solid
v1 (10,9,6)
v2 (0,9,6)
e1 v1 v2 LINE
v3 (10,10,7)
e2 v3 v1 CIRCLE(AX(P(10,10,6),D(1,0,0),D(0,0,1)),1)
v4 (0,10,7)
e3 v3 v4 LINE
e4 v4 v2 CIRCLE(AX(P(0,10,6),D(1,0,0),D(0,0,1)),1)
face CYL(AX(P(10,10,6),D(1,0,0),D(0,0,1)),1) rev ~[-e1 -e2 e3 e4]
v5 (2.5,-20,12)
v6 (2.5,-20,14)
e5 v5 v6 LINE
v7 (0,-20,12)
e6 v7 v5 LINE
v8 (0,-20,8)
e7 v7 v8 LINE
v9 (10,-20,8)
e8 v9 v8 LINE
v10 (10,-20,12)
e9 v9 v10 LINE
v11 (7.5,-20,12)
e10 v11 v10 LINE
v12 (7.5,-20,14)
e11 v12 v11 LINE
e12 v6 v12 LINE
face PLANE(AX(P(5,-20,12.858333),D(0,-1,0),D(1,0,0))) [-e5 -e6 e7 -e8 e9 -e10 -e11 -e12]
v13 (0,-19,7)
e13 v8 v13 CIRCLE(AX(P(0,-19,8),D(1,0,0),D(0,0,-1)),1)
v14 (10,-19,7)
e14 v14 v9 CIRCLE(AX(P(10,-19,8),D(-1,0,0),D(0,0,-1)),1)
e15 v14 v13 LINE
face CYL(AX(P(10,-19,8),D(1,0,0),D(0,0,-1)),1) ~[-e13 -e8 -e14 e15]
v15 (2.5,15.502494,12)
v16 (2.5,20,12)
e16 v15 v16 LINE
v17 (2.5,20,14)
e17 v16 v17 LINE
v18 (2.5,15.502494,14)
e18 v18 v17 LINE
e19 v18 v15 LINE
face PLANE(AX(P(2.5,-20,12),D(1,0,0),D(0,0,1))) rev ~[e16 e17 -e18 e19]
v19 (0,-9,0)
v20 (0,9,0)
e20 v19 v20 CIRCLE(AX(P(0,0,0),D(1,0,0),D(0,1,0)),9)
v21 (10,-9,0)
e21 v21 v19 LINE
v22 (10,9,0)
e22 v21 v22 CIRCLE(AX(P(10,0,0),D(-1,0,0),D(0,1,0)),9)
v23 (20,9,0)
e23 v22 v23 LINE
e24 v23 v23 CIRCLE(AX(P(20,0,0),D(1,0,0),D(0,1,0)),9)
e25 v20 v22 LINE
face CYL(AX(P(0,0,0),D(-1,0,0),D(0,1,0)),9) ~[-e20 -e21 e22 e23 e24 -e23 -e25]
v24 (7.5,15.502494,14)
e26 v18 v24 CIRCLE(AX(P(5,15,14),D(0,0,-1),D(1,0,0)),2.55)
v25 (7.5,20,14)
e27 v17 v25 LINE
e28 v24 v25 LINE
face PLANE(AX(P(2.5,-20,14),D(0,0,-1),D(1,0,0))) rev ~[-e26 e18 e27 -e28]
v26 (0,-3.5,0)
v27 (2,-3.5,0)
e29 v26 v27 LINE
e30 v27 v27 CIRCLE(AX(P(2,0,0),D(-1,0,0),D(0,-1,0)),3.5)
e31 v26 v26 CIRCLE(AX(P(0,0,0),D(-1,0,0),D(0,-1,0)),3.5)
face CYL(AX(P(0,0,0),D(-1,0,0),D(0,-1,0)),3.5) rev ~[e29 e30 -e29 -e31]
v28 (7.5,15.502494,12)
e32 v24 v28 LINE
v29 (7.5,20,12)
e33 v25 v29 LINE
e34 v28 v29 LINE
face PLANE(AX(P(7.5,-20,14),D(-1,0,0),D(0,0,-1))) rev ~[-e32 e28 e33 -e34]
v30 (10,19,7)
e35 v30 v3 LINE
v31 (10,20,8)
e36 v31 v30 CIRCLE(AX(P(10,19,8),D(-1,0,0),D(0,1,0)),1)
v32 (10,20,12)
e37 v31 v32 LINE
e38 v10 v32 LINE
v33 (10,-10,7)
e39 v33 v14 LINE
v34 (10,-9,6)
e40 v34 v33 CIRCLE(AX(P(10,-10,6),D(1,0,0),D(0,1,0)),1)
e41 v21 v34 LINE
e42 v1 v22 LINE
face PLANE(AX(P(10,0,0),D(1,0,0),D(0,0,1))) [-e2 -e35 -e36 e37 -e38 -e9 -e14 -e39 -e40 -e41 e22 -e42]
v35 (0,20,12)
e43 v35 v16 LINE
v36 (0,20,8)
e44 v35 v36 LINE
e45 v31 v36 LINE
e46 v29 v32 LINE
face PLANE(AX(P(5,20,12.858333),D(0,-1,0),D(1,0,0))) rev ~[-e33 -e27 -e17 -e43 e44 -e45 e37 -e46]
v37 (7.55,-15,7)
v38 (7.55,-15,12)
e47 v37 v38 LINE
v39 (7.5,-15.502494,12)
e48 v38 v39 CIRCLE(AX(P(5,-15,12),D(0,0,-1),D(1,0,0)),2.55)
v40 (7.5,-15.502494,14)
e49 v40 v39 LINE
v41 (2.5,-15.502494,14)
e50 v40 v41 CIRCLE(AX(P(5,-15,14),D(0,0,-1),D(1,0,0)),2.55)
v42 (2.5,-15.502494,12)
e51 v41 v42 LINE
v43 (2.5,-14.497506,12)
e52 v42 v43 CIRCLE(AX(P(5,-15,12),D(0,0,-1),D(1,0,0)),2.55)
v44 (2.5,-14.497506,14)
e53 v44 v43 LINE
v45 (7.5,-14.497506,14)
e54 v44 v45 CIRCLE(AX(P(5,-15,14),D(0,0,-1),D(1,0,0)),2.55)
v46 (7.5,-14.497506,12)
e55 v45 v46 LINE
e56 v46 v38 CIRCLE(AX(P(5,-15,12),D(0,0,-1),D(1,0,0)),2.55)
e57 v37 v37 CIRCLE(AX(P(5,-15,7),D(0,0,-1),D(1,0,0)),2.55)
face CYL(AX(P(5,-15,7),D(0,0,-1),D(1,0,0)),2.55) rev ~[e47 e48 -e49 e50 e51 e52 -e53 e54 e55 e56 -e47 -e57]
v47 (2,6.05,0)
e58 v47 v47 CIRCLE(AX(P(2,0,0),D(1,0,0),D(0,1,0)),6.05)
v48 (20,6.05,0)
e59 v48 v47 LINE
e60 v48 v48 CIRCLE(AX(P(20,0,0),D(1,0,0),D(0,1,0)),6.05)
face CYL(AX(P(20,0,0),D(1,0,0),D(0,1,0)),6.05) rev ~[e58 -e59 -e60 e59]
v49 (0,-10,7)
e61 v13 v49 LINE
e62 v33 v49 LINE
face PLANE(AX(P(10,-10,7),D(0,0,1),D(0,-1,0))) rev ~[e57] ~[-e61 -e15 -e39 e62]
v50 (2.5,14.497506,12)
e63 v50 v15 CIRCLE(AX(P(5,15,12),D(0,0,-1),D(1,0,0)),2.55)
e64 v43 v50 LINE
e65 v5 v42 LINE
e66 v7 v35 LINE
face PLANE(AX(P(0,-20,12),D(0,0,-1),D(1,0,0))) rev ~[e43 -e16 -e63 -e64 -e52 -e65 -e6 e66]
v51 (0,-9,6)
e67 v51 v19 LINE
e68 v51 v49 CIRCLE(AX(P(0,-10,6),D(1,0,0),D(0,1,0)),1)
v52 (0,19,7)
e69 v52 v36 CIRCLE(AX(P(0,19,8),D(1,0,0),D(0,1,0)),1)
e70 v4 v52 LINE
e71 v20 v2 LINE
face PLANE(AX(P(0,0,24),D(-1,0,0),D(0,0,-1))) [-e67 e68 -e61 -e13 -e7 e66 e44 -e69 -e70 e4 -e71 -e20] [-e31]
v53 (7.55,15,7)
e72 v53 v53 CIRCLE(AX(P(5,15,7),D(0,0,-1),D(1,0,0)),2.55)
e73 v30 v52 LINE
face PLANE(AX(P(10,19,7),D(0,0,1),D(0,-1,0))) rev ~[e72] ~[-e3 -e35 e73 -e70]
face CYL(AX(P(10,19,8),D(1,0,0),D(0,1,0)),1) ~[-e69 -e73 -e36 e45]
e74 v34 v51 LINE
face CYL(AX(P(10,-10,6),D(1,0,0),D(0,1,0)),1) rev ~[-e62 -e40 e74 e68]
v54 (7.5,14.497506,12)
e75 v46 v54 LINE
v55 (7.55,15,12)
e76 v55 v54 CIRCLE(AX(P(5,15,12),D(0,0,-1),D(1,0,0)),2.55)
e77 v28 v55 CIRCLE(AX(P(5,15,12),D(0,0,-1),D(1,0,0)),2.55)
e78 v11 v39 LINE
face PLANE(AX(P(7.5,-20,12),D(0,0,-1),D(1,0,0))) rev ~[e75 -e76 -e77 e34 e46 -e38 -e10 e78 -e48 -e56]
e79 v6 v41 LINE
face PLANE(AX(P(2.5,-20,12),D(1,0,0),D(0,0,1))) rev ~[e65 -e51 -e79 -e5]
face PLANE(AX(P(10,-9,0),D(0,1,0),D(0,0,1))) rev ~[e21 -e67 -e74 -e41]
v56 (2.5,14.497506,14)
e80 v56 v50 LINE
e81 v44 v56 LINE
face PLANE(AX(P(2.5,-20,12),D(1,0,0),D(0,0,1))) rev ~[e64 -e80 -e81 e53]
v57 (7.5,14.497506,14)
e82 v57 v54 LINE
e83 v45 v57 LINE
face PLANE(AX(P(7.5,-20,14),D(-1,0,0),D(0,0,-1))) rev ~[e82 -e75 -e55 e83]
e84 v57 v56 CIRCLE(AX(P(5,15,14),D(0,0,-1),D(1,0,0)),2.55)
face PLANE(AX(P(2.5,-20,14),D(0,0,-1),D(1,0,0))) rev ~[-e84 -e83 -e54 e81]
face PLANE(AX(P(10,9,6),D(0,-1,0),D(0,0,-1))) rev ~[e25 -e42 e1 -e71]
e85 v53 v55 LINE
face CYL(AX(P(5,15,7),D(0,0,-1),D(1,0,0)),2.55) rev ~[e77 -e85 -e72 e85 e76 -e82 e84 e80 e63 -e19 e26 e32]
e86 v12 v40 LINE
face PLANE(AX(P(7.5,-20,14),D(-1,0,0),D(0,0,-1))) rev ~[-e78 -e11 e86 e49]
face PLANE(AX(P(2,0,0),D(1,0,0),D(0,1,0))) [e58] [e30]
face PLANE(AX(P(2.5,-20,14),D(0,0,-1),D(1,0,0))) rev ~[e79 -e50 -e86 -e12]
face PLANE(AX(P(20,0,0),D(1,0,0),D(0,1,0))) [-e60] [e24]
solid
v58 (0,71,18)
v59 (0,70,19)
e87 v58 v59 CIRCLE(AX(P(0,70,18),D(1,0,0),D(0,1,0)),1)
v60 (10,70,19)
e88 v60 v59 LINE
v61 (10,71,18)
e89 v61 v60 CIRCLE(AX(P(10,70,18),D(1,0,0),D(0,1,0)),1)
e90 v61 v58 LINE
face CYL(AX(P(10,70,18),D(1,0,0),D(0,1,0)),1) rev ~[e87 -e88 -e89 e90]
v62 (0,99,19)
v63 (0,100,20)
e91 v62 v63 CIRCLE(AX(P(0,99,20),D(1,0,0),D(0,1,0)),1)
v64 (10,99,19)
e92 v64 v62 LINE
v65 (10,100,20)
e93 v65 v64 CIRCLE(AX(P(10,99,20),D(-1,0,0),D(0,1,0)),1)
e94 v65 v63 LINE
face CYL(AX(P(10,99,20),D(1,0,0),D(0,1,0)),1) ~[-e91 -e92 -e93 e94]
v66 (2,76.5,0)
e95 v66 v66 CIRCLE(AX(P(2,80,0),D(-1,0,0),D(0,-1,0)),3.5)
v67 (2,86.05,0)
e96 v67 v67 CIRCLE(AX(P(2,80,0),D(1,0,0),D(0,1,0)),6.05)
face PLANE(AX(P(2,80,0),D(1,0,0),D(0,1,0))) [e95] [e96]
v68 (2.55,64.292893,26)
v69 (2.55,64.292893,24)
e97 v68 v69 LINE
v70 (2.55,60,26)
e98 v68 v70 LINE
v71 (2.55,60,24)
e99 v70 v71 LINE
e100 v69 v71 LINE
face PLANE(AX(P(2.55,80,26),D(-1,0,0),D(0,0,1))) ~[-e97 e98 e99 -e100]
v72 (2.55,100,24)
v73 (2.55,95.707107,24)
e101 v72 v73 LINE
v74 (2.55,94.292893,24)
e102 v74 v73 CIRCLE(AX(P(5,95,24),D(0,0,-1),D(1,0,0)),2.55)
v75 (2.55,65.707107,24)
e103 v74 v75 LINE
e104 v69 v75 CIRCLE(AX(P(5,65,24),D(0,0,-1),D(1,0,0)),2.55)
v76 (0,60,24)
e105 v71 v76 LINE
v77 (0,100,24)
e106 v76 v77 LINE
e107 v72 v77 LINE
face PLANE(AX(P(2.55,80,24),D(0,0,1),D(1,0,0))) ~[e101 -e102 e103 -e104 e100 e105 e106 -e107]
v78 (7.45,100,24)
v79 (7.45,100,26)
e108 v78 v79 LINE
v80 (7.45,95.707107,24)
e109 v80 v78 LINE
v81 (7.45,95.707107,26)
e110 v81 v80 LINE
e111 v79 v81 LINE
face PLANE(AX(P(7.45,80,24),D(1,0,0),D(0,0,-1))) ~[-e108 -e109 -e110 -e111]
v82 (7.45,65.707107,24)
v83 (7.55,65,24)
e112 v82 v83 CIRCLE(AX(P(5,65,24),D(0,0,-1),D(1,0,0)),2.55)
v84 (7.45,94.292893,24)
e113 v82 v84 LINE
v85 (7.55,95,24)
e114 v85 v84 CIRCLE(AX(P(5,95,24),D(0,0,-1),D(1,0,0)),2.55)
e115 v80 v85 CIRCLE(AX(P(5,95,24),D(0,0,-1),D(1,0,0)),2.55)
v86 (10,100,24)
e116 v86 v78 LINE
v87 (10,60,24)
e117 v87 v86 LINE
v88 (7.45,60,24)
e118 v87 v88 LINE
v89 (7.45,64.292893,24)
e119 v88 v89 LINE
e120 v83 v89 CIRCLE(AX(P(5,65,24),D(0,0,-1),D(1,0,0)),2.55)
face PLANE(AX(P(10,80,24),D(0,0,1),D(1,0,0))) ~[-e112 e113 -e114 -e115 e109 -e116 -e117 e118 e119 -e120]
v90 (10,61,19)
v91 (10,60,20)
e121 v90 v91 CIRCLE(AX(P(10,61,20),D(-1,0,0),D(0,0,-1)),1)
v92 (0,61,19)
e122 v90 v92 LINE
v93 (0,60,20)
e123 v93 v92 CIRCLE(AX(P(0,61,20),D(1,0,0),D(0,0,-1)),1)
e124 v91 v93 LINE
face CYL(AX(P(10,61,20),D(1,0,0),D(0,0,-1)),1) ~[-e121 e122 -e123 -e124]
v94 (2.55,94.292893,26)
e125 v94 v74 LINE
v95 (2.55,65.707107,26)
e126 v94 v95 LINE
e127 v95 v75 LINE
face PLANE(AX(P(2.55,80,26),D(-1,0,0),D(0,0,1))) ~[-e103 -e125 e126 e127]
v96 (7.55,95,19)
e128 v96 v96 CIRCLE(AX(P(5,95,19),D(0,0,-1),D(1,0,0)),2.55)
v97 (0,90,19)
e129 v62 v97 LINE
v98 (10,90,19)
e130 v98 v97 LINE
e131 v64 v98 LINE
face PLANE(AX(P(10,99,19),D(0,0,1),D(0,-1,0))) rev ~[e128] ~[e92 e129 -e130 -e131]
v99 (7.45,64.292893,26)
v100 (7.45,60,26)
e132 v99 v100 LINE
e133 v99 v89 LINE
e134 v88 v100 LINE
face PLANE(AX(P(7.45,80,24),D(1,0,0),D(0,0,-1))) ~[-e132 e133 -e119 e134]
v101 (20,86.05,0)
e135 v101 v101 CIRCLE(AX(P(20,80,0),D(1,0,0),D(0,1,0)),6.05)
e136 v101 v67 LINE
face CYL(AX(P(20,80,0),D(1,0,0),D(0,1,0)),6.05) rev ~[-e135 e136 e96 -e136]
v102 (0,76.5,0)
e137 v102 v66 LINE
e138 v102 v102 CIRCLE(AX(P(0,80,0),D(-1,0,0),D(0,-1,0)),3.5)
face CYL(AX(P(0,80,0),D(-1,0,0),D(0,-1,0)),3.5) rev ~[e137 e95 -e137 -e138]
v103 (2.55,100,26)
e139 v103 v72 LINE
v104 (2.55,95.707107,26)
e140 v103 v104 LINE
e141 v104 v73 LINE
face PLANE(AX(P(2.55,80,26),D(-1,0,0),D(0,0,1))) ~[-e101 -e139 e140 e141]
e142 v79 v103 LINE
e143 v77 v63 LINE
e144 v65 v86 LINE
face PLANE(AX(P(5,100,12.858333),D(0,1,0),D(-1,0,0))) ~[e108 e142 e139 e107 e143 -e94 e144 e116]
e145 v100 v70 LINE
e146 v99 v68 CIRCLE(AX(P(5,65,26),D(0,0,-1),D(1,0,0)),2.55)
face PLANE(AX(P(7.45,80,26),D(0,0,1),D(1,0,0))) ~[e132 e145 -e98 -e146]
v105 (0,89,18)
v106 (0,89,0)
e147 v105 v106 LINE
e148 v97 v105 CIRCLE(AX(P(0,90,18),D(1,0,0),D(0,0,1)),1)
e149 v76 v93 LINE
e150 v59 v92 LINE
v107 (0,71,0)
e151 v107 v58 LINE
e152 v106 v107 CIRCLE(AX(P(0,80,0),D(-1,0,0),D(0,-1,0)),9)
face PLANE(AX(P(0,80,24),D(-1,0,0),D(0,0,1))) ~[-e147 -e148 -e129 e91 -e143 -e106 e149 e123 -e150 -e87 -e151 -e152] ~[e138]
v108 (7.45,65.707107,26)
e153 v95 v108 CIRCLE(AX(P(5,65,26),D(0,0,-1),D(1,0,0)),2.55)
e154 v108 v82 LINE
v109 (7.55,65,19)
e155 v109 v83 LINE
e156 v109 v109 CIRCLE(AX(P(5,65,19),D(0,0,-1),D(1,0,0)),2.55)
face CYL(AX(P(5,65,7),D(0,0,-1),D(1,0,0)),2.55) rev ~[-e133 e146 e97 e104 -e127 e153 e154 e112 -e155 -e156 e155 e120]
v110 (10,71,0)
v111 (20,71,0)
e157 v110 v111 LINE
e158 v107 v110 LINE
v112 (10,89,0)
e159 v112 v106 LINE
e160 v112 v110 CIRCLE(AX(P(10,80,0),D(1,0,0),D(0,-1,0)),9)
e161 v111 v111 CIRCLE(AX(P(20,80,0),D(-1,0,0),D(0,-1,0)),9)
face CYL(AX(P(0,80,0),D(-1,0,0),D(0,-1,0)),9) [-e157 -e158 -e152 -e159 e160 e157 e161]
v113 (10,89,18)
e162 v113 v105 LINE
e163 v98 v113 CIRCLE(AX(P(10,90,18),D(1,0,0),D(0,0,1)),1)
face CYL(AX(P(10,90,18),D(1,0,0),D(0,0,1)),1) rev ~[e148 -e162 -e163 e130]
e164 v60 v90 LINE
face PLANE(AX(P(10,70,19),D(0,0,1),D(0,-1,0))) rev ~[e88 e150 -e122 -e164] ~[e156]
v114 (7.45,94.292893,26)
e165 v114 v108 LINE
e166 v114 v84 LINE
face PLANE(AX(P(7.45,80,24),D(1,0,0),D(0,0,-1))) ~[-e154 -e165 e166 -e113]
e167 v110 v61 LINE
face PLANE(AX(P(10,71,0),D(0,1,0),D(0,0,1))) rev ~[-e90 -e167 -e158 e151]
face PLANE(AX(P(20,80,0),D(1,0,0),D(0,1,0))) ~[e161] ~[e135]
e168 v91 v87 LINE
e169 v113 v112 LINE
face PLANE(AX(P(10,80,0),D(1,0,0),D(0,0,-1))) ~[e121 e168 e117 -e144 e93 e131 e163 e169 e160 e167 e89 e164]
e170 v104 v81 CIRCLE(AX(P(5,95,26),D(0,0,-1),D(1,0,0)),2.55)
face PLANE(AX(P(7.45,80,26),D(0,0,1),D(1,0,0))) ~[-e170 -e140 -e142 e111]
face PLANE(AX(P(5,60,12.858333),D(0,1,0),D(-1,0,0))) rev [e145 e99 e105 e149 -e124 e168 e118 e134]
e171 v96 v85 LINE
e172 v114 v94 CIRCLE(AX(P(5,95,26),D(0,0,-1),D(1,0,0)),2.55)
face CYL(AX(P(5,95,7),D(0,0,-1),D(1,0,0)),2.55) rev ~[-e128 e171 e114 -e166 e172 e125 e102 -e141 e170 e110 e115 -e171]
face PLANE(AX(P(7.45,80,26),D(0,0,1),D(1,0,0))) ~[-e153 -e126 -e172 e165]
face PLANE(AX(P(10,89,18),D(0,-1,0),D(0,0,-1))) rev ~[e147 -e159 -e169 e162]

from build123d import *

# Parameters (mm, degrees)
F0_R      = 9
F1_DEPTH  = 20
F4_DEPTH  = 20
F7_DEPTH  = 40
F9_DEPTH  = 25
F10_R     = 6.05
F11_DEPTH = 18
F12_R     = 3.5
F13_DEPTH = 25
F14_R     = 2.55
F15_DEPTH = 19.001


with BuildPart() as f1:
    # F0 (on Right) → F1 (new body)
    with BuildSketch(Plane.YZ):
        Circle(F0_R)
    extrude(amount=F1_DEPTH)

    # F3 (on Front) → F4 (join, symmetric)
    with BuildSketch(Plane.XZ):
        Polygon((2.55, 24), (0, 24), (0, 0), (10, 0), (10, 24), (7.45, 24), (7.45, 26), (2.55, 26), align=None)
    extrude(amount=F4_DEPTH, both=True)


with BuildPart() as f5_1:
    # F5: instance of F1
    add(f1.part.mirror(Plane.XZ.offset(-40)))


with BuildPart() as f1_1:
    add(f1.part)

    # F6 (on face) → F7 (cut)
    with BuildSketch(Plane.XZ.offset(20)):
        Polygon((0, 26), (0, 12), (2.5, 12), (2.5, 14), (7.5, 14), (7.5, 12), (10, 12), (10, 26), align=None)
    extrude(amount=-F7_DEPTH, mode=Mode.SUBTRACT)


with BuildPart() as f9_tool:
    # F8 (on face) → F9 (new body)
    with BuildSketch(Plane.YZ.offset(10)):
        with BuildLine():
            Line((-10, 7), (-19, 7))
            ThreePointArc((-19, 7), (-19.7071067812, 7.2928932188), (-20, 8))
            Line((-20, 8), (-20, 0))
            Line((-20, 0), (-9, 0))
            Line((-9, 0), (-9, 6))
            ThreePointArc((-9, 6), (-9.2928932188, 6.7071067812), (-10, 7))
        make_face()
        with BuildLine():
            ThreePointArc((10, 7), (9.2928932188, 6.7071067812), (9, 6))
            Line((9, 6), (9, 0))
            Line((9, 0), (20, 0))
            Line((20, 0), (20, 8))
            ThreePointArc((20, 8), (19.7071067812, 7.2928932188), (19, 7))
            Line((19, 7), (10, 7))
        make_face()
        with BuildLine():
            ThreePointArc((61, 19), (60.2928932188, 19.2928932188), (60, 20))
            Line((60, 20), (60, 0))
            Line((60, 0), (71, 0))
            Line((71, 0), (71, 18))
            ThreePointArc((71, 18), (70.7071067812, 18.7071067812), (70, 19))
            Line((70, 19), (61, 19))
        make_face()
        with BuildLine():
            Line((100, 0), (100, 20))
            ThreePointArc((100, 20), (99.7071067812, 19.2928932188), (99, 19))
            Line((99, 19), (90, 19))
            ThreePointArc((90, 19), (89.2928932188, 18.7071067812), (89, 18))
            Line((89, 18), (89, 0))
            Line((89, 0), (100, 0))
        make_face()
    extrude(amount=-F9_DEPTH)


with BuildPart() as f1_2:
    add(f1_1.part)

    # F9: cut by f9_tool
    add(f9_tool.part, mode=Mode.SUBTRACT)


with BuildPart() as f5_1_1:
    add(f5_1.part)

    # F9: cut by f9_tool
    add(f9_tool.part, mode=Mode.SUBTRACT)


with BuildPart() as f11_tool:
    # F10 (on face) → F11 (new body)
    with BuildSketch(Plane.YZ.offset(20)):
        Circle(F10_R)
        with Locations((80, 0)):
            Circle(F10_R)
    extrude(amount=-F11_DEPTH)


with BuildPart() as f1_3:
    add(f1_2.part)

    # F11: cut by f11_tool
    add(f11_tool.part, mode=Mode.SUBTRACT)


with BuildPart() as f5_1_2:
    add(f5_1_1.part)

    # F11: cut by f11_tool
    add(f11_tool.part, mode=Mode.SUBTRACT)


with BuildPart() as f13_tool:
    # F12 (on face) → F13 (new body)
    with BuildSketch(Plane(origin=(0, 0, 0), x_dir=(0, -1, 0), z_dir=(-1, 0, 0))):
        Circle(F12_R)
        with Locations((-80, 0)):
            Circle(F12_R)
    extrude(amount=-F13_DEPTH)


with BuildPart() as f1_4:
    add(f1_3.part)

    # F13: cut by f13_tool
    add(f13_tool.part, mode=Mode.SUBTRACT)


with BuildPart() as f5_1_3:
    add(f5_1_2.part)

    # F13: cut by f13_tool
    add(f13_tool.part, mode=Mode.SUBTRACT)


with BuildPart() as f15_tool:
    # F14 (on face) → F15 (new body, through all)
    with BuildSketch(Plane(origin=(0, 0, 7), x_dir=(1, 0, 0), z_dir=(0, 0, -1))):
        with Locations((5, 15)):
            Circle(F14_R)
        with Locations((5, -15)):
            Circle(F14_R)
        with Locations((5, -65)):
            Circle(F14_R)
        with Locations((5, -95)):
            Circle(F14_R)
    extrude(amount=-F15_DEPTH)


with BuildPart() as f1_5:
    add(f1_4.part)

    # F15: cut by f15_tool
    add(f15_tool.part, mode=Mode.SUBTRACT)


with BuildPart() as f5_1_4:
    add(f5_1_3.part)

    # F15: cut by f15_tool
    add(f15_tool.part, mode=Mode.SUBTRACT)


solid = Compound([f1_5.part, f5_1_4.part])
